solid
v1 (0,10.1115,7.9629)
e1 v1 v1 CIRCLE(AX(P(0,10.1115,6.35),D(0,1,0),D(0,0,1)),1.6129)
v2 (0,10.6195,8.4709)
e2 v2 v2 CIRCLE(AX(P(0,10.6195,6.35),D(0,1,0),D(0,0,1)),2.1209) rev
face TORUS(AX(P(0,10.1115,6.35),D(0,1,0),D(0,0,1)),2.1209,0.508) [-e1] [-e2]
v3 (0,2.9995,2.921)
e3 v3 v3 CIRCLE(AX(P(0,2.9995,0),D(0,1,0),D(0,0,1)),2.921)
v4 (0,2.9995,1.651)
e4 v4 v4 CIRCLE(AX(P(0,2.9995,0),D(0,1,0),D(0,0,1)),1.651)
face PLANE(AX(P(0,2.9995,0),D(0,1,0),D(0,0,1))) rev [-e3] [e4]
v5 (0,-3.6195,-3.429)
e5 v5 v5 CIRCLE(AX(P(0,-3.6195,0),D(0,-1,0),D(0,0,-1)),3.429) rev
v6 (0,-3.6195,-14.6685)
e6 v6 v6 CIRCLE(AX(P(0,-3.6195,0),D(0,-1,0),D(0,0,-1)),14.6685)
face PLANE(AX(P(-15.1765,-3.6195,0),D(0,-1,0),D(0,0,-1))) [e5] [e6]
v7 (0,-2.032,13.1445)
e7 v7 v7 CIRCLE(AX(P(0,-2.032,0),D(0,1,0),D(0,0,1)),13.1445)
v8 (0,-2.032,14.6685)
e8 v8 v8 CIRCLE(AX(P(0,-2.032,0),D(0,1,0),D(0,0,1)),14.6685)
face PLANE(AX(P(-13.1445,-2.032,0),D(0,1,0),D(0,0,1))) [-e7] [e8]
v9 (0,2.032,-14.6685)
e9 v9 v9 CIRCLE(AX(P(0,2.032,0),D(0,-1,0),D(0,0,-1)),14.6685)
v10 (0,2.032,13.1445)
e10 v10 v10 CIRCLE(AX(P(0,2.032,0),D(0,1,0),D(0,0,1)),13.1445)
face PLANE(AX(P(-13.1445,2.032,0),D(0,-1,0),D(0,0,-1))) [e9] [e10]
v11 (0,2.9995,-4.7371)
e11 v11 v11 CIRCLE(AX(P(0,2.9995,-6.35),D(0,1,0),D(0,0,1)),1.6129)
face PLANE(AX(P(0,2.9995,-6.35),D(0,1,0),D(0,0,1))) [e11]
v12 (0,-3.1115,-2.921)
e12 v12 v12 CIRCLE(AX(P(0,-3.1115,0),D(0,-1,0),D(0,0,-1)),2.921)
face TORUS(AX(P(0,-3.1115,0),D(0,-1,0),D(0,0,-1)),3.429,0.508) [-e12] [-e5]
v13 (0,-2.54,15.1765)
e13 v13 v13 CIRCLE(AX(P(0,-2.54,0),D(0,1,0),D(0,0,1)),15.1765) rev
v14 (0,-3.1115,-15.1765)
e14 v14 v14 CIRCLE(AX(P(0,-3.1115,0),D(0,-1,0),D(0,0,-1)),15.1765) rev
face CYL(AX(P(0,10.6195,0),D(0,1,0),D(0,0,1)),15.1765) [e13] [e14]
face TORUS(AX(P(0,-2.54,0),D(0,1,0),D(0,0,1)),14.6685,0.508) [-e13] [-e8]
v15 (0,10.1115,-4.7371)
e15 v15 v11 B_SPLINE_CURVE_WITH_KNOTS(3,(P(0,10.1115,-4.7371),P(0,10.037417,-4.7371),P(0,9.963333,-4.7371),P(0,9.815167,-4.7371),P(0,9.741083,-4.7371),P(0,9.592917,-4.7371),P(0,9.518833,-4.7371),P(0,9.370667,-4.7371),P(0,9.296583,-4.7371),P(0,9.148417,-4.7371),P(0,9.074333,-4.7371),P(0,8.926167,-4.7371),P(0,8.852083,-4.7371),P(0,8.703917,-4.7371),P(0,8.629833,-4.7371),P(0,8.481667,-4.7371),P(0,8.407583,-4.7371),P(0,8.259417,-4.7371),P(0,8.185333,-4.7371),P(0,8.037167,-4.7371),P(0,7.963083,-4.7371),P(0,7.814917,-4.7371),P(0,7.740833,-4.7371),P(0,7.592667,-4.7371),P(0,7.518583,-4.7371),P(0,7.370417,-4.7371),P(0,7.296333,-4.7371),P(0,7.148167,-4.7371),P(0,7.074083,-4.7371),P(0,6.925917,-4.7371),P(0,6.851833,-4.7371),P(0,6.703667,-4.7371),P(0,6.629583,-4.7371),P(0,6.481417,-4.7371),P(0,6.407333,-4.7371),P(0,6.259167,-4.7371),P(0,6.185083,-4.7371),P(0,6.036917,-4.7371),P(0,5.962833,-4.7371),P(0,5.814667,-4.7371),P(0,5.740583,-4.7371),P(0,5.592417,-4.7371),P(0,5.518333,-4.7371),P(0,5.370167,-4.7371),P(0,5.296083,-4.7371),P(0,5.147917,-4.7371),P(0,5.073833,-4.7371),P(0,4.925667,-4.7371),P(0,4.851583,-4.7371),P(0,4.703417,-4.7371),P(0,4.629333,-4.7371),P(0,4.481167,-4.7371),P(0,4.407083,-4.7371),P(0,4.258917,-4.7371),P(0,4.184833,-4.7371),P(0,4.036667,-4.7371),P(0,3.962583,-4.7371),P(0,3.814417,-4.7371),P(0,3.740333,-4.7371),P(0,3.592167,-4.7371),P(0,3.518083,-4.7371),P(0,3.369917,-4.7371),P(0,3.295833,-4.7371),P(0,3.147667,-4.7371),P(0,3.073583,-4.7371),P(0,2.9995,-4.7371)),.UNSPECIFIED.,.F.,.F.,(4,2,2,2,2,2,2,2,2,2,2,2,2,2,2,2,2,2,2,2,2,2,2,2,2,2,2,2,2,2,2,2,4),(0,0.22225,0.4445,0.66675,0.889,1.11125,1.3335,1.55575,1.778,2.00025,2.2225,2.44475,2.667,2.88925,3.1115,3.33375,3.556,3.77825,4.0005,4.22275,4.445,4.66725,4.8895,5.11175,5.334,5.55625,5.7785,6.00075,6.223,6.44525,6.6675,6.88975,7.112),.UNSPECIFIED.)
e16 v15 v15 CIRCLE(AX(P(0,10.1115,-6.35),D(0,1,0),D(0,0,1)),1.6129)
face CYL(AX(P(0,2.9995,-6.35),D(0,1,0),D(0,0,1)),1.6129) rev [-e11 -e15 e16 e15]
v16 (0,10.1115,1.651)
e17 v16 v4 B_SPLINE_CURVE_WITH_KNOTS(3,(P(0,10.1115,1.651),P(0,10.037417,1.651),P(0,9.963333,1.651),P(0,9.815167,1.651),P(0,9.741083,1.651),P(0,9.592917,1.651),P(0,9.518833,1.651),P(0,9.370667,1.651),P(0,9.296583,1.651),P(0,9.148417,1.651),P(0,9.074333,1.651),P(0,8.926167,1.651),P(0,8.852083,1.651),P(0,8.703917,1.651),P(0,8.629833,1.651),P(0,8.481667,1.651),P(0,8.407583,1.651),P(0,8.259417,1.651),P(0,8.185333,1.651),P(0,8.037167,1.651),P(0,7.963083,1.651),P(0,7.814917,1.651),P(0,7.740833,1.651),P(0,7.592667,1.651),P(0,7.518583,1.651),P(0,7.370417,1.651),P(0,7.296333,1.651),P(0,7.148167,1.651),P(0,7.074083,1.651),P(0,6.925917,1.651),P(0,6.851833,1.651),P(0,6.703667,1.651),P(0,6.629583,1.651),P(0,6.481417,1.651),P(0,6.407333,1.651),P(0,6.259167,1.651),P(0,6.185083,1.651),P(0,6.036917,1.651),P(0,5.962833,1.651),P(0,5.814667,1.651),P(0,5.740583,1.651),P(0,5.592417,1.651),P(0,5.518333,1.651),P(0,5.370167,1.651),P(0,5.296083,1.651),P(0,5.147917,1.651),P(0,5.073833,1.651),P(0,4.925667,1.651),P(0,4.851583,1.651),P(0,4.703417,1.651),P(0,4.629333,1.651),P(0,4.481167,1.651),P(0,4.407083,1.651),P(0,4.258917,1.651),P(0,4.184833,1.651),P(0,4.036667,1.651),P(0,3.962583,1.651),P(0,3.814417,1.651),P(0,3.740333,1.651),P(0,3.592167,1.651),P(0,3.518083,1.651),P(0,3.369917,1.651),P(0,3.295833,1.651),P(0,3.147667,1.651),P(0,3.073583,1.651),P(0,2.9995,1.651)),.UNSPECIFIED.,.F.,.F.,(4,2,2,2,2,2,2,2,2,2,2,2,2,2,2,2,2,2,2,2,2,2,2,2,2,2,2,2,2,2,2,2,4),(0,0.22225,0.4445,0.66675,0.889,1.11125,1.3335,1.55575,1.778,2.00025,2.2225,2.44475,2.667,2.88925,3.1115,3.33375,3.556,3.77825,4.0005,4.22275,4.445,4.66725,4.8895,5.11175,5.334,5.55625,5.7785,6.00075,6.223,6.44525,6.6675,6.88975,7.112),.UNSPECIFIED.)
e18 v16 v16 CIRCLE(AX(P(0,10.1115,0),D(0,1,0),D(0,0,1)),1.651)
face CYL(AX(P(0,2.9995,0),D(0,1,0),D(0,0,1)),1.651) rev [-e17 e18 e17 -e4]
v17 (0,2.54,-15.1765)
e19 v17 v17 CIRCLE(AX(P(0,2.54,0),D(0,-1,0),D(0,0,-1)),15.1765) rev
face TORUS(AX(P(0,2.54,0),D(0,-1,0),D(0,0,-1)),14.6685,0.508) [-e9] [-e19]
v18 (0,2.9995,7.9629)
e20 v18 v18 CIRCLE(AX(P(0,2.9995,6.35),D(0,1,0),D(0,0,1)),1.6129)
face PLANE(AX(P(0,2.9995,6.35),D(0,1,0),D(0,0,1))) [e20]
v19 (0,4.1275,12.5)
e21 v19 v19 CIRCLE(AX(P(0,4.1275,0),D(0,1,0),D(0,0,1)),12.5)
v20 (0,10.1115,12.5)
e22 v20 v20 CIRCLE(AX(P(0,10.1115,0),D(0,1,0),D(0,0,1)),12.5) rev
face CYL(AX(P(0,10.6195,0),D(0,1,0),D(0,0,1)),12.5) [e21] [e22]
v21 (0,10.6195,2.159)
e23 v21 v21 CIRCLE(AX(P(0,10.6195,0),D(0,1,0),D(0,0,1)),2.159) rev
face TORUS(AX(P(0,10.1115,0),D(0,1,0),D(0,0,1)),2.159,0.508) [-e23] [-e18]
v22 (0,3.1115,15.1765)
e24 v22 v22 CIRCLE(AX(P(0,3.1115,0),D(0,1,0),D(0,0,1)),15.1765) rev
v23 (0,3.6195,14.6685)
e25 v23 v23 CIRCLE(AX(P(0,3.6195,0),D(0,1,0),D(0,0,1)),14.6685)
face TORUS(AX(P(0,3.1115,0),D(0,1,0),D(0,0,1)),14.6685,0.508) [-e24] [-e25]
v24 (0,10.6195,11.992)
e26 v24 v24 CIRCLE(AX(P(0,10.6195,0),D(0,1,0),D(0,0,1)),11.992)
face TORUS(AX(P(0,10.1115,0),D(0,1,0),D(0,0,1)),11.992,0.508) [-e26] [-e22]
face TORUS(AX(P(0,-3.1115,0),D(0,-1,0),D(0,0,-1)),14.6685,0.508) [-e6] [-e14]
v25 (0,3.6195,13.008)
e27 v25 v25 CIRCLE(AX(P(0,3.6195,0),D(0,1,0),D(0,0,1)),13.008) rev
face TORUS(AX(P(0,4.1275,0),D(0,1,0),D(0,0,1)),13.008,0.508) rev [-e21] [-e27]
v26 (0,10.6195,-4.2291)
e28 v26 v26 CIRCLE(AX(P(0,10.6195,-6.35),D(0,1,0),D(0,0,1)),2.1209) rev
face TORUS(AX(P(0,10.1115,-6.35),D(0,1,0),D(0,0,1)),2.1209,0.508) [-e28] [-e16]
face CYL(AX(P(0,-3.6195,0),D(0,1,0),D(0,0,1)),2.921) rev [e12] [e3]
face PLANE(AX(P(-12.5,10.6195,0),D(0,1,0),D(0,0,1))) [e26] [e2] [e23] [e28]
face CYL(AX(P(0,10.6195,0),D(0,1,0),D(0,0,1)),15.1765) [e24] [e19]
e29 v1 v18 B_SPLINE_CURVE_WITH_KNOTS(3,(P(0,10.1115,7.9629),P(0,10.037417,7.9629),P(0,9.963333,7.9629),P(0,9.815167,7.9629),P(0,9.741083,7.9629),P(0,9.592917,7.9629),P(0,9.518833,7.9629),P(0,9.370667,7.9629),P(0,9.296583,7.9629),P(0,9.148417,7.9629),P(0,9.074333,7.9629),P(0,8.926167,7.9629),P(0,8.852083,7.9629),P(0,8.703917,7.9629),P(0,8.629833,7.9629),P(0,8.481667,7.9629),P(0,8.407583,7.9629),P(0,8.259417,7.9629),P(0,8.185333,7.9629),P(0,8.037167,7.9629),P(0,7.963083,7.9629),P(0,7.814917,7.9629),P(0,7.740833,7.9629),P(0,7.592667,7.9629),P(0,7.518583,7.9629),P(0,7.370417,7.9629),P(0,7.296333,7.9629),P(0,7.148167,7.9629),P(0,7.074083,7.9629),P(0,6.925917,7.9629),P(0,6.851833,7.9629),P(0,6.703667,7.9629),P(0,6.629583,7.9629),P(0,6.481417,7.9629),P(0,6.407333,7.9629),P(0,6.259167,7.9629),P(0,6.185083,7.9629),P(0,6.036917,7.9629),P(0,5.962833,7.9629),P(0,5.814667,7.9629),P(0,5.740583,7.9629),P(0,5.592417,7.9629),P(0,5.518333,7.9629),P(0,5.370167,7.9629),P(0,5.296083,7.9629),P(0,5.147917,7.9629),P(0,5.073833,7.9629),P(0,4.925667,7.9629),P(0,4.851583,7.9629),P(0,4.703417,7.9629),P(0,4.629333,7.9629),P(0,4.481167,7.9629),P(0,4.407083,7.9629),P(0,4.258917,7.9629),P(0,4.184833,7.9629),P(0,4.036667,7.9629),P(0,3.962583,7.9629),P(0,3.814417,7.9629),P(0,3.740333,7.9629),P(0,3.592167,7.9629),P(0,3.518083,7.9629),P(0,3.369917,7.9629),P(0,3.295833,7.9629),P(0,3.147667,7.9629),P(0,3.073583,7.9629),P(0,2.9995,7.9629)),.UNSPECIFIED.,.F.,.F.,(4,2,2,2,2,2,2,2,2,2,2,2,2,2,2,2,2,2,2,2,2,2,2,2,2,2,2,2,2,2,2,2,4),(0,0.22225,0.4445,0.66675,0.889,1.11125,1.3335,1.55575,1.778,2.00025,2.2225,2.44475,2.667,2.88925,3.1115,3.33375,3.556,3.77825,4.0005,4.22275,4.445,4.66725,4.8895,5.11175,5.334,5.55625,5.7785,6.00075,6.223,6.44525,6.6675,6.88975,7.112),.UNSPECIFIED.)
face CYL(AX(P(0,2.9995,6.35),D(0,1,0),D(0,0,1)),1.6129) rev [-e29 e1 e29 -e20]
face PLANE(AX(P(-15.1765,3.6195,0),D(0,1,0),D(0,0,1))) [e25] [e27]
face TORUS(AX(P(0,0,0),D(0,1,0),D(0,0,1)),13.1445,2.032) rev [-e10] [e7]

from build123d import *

# Parameters (mm, degrees)
SKETCH2_R          = 1.6129
SKETCH2_R_2        = 1.651
CUT_EXTRUDE1_DEPTH = 7.62
SKETCH3_R          = 2.921
CUT_EXTRUDE2_DEPTH = 23.775353005
FILLET1_R          = 0.508


with BuildPart() as part:
    # Sketch1 → Revolve1 (revolve)
    with BuildSketch(Plane.XY):
        with BuildLine():
            Line((-15.1765, -3.6195), (0, -3.6195))
            Line((0, -3.6195), (0, 10.6195))
            Line((0, 10.6195), (-12.500000019, 10.6195))
            Line((-12.500000019, 10.6195), (-12.500000019, 3.6195))
            Line((-12.500000019, 3.6195), (-15.1765, 3.6195))
            Line((-15.1765, 3.6195), (-15.1765, 2.032))
            Line((-15.1765, 2.032), (-13.1445, 2.032))
            ThreePointArc((-13.1445, 2.032), (-11.1125, 0), (-13.1445, -2.032))
            Line((-13.1445, -2.032), (-15.1765, -2.032))
            Line((-15.1765, -2.032), (-15.1765, -3.6195))
        make_face()
    revolve(axis=Axis((0, 10.6195, 0), (0, -1, 0)))

    # Sketch2 → Cut-Extrude1 (cut)
    with BuildSketch(Plane(origin=(0, 10.6195, 0), x_dir=(1, 0, 0), z_dir=(0, 1, 0))):
        with Locations((0, 6.35)):
            Circle(SKETCH2_R)
        Circle(SKETCH2_R_2)
        with Locations((0, -6.35)):
            Circle(SKETCH2_R)
    extrude(amount=-CUT_EXTRUDE1_DEPTH, mode=Mode.SUBTRACT)

    # Sketch3 → Cut-Extrude2 (cut, through all)
    with BuildSketch(Plane(origin=(0, 2.9995, 0), x_dir=(1, 0, 0), z_dir=(0, 1, 0))):
        Circle(SKETCH3_R)
    extrude(amount=-CUT_EXTRUDE2_DEPTH, mode=Mode.SUBTRACT)

    # Fillet1
    fillet1_edges = [part.edges().sort_by_distance(p)[0] for p in [
        (12.500000019, 10.6195, 0),
        (-1.6129, 10.6195, 6.35),
        (-1.651, 10.6195, 0),
        (-1.6129, 10.6195, -6.35),
        (12.500000019, 3.6195, 0),
        (15.1765, 3.6195, 0),
        (15.1765, -3.6195, 0),
        (-2.921, -3.6195, 0),
        (15.1765, -2.032, 0),
        (15.1765, 2.032, 0),
    ]]
    fillet(fillet1_edges, radius=FILLET1_R)


solid = part.part
